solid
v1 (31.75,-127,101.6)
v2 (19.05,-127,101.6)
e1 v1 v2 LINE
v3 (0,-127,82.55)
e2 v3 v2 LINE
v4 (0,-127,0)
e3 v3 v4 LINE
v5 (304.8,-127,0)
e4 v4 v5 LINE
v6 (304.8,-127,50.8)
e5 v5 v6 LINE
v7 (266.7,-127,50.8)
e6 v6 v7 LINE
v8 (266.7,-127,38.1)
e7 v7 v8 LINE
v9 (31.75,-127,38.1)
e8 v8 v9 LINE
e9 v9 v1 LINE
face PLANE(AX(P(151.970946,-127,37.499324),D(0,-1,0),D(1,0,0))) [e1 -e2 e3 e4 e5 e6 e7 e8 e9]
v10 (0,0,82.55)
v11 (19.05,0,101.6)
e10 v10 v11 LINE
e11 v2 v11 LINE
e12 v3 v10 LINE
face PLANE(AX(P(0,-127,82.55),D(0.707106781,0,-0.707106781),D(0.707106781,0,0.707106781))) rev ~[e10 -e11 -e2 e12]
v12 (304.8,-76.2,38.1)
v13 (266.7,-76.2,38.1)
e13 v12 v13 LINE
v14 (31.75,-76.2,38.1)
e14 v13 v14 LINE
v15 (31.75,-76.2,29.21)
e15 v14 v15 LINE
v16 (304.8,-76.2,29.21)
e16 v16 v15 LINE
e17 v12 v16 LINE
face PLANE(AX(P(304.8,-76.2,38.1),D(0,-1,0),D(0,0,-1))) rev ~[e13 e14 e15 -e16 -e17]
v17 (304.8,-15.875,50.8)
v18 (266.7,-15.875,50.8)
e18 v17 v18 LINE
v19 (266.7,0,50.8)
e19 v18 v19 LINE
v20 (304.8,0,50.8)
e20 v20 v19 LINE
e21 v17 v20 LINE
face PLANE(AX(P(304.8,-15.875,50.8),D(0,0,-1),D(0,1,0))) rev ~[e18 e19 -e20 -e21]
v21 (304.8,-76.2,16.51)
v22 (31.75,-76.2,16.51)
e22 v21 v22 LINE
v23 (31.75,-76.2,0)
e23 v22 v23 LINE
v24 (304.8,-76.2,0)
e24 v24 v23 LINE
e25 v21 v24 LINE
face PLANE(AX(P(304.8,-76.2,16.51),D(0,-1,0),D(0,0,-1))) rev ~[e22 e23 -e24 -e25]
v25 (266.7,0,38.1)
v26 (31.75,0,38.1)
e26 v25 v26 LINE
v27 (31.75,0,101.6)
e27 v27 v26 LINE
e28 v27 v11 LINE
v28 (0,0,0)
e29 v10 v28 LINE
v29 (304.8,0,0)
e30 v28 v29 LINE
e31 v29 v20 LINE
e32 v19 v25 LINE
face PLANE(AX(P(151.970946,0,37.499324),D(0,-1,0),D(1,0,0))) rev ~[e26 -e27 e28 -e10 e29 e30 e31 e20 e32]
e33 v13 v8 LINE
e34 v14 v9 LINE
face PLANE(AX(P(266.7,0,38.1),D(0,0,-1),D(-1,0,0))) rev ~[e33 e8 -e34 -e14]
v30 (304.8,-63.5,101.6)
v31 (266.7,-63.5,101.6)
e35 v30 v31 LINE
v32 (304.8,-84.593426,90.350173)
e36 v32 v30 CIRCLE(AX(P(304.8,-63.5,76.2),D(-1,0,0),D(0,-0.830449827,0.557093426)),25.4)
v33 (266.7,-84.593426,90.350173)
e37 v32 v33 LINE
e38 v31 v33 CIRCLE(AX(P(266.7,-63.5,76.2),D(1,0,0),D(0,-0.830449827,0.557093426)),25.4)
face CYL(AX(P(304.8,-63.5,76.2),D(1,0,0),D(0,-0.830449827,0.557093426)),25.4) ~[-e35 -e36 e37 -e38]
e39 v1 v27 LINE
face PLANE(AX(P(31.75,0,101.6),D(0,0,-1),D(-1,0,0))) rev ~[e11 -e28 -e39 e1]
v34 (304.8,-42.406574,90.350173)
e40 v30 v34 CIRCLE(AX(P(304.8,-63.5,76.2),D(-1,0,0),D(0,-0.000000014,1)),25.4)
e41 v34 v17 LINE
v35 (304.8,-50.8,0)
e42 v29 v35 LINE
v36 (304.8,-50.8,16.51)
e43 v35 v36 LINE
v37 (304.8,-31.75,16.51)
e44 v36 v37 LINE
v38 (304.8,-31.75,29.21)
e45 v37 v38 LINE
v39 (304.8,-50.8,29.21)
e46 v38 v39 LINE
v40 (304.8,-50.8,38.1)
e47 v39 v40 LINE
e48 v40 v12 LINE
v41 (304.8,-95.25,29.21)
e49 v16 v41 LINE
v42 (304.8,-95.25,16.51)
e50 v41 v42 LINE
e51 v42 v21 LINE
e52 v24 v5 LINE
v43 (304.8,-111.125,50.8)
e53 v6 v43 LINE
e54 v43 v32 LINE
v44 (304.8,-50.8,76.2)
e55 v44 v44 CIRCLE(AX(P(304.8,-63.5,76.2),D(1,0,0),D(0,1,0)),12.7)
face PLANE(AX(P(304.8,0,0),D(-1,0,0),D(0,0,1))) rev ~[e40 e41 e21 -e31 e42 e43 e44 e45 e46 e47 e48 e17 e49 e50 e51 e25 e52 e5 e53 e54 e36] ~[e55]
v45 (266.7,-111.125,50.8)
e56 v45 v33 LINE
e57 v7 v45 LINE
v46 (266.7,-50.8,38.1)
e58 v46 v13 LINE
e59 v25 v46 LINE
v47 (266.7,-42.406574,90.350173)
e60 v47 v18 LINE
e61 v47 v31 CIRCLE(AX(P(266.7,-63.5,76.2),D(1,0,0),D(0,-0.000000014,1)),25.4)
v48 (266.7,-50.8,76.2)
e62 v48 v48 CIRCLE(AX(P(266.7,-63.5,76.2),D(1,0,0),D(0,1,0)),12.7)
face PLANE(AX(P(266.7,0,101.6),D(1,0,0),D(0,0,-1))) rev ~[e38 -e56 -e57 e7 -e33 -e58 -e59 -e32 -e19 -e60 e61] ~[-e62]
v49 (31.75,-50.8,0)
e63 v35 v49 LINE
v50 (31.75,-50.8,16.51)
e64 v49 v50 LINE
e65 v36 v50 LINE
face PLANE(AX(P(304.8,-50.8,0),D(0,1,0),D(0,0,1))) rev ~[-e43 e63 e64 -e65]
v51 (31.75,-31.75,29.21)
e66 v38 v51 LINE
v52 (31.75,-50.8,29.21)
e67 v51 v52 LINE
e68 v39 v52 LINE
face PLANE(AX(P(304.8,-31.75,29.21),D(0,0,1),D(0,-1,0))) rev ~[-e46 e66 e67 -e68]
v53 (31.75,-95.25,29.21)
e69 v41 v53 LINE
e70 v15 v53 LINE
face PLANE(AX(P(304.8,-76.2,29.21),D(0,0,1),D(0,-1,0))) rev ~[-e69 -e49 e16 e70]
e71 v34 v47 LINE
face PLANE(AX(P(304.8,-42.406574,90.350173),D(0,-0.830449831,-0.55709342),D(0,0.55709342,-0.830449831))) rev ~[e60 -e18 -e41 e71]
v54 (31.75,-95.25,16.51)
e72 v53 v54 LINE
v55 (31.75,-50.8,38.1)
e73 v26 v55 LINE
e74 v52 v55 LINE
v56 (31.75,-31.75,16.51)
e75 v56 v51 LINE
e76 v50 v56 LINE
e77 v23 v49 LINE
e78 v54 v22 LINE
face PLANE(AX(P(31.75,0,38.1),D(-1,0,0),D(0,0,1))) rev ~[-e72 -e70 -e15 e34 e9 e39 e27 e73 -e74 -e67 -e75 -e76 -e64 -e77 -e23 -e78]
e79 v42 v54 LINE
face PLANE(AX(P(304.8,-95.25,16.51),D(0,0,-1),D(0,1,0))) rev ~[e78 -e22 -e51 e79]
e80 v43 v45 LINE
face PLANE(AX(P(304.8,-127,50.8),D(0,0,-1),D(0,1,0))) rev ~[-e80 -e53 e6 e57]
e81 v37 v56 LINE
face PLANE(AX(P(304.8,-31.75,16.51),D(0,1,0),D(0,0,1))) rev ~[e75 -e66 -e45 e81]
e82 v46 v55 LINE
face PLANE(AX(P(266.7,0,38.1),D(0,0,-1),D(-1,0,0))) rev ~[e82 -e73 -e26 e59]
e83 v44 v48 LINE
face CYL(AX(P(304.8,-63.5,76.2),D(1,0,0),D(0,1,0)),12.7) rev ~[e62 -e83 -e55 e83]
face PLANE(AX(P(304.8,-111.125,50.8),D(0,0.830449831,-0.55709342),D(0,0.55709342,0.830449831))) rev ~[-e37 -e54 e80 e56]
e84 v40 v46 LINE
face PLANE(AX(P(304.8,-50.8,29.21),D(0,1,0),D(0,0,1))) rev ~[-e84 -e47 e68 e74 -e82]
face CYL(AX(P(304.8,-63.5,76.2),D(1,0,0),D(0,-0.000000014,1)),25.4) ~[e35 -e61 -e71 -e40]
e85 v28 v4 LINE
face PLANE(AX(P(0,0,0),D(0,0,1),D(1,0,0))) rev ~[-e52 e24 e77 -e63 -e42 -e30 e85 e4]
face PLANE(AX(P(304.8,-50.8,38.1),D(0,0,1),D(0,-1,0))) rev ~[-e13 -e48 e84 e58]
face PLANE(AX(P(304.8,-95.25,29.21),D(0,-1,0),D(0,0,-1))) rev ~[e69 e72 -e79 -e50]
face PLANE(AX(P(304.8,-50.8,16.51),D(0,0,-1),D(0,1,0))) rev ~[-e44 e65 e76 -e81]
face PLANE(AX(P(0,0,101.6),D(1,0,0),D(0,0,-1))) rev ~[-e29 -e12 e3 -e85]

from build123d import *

# Parameters (mm, degrees)
F1_DEPTH = 127
F2_R     = 12.7
F3_DEPTH = 273.05
F5_DEPTH = 127.001


with BuildPart() as f1:
    # F0 (on Front) → F1 (new body)
    with BuildSketch(Plane.XZ):
        Polygon((0, 101.6), (0, 0), (304.8, 0), (304.8, 101.6), (266.7, 101.6), (266.7, 38.1), (31.75, 38.1), (31.75, 101.6), align=None)
    extrude(amount=F1_DEPTH)

    # F2 (on face) → F3 (cut)
    with BuildSketch(Plane.YZ.offset(304.8)):
        with Locations((-63.5, 76.2)):
            Circle(F2_R)
        with BuildLine():
            Line((-127, 50.8), (-111.125, 50.8))
            Line((-111.125, 50.8), (-84.593426, 90.350173))
            ThreePointArc((-84.593426, 90.350173), (-75.452941, 98.611765), (-63.5, 101.6))
            Line((-63.5, 101.6), (-127, 101.6))
            Line((-127, 101.6), (-127, 50.8))
        make_face()
        with BuildLine():
            Line((0, 101.6), (-63.5, 101.6))
            ThreePointArc((-63.5, 101.6), (-51.547059, 98.611765), (-42.406574, 90.350173))
            Line((-42.406574, 90.350173), (-15.875, 50.8))
            Line((-15.875, 50.8), (0, 50.8))
            Line((0, 50.8), (0, 101.6))
        make_face()
        Polygon((-76.2, 16.51), (-76.2, 0), (-50.8, 0), (-50.8, 16.51), (-31.75, 16.51), (-31.75, 29.21), (-50.8, 29.21), (-50.8, 38.1), (-76.2, 38.1), (-76.2, 29.21), (-95.25, 29.21), (-95.25, 16.51), align=None)
    extrude(amount=-F3_DEPTH, mode=Mode.SUBTRACT)

    # F4 (on face) → F5 (cut, through all)
    with BuildSketch(Plane.XZ.offset(127)):
        Polygon((0, 101.6), (0, 82.55), (19.05, 101.6), align=None)
    extrude(amount=-F5_DEPTH, mode=Mode.SUBTRACT)


solid = f1.part
